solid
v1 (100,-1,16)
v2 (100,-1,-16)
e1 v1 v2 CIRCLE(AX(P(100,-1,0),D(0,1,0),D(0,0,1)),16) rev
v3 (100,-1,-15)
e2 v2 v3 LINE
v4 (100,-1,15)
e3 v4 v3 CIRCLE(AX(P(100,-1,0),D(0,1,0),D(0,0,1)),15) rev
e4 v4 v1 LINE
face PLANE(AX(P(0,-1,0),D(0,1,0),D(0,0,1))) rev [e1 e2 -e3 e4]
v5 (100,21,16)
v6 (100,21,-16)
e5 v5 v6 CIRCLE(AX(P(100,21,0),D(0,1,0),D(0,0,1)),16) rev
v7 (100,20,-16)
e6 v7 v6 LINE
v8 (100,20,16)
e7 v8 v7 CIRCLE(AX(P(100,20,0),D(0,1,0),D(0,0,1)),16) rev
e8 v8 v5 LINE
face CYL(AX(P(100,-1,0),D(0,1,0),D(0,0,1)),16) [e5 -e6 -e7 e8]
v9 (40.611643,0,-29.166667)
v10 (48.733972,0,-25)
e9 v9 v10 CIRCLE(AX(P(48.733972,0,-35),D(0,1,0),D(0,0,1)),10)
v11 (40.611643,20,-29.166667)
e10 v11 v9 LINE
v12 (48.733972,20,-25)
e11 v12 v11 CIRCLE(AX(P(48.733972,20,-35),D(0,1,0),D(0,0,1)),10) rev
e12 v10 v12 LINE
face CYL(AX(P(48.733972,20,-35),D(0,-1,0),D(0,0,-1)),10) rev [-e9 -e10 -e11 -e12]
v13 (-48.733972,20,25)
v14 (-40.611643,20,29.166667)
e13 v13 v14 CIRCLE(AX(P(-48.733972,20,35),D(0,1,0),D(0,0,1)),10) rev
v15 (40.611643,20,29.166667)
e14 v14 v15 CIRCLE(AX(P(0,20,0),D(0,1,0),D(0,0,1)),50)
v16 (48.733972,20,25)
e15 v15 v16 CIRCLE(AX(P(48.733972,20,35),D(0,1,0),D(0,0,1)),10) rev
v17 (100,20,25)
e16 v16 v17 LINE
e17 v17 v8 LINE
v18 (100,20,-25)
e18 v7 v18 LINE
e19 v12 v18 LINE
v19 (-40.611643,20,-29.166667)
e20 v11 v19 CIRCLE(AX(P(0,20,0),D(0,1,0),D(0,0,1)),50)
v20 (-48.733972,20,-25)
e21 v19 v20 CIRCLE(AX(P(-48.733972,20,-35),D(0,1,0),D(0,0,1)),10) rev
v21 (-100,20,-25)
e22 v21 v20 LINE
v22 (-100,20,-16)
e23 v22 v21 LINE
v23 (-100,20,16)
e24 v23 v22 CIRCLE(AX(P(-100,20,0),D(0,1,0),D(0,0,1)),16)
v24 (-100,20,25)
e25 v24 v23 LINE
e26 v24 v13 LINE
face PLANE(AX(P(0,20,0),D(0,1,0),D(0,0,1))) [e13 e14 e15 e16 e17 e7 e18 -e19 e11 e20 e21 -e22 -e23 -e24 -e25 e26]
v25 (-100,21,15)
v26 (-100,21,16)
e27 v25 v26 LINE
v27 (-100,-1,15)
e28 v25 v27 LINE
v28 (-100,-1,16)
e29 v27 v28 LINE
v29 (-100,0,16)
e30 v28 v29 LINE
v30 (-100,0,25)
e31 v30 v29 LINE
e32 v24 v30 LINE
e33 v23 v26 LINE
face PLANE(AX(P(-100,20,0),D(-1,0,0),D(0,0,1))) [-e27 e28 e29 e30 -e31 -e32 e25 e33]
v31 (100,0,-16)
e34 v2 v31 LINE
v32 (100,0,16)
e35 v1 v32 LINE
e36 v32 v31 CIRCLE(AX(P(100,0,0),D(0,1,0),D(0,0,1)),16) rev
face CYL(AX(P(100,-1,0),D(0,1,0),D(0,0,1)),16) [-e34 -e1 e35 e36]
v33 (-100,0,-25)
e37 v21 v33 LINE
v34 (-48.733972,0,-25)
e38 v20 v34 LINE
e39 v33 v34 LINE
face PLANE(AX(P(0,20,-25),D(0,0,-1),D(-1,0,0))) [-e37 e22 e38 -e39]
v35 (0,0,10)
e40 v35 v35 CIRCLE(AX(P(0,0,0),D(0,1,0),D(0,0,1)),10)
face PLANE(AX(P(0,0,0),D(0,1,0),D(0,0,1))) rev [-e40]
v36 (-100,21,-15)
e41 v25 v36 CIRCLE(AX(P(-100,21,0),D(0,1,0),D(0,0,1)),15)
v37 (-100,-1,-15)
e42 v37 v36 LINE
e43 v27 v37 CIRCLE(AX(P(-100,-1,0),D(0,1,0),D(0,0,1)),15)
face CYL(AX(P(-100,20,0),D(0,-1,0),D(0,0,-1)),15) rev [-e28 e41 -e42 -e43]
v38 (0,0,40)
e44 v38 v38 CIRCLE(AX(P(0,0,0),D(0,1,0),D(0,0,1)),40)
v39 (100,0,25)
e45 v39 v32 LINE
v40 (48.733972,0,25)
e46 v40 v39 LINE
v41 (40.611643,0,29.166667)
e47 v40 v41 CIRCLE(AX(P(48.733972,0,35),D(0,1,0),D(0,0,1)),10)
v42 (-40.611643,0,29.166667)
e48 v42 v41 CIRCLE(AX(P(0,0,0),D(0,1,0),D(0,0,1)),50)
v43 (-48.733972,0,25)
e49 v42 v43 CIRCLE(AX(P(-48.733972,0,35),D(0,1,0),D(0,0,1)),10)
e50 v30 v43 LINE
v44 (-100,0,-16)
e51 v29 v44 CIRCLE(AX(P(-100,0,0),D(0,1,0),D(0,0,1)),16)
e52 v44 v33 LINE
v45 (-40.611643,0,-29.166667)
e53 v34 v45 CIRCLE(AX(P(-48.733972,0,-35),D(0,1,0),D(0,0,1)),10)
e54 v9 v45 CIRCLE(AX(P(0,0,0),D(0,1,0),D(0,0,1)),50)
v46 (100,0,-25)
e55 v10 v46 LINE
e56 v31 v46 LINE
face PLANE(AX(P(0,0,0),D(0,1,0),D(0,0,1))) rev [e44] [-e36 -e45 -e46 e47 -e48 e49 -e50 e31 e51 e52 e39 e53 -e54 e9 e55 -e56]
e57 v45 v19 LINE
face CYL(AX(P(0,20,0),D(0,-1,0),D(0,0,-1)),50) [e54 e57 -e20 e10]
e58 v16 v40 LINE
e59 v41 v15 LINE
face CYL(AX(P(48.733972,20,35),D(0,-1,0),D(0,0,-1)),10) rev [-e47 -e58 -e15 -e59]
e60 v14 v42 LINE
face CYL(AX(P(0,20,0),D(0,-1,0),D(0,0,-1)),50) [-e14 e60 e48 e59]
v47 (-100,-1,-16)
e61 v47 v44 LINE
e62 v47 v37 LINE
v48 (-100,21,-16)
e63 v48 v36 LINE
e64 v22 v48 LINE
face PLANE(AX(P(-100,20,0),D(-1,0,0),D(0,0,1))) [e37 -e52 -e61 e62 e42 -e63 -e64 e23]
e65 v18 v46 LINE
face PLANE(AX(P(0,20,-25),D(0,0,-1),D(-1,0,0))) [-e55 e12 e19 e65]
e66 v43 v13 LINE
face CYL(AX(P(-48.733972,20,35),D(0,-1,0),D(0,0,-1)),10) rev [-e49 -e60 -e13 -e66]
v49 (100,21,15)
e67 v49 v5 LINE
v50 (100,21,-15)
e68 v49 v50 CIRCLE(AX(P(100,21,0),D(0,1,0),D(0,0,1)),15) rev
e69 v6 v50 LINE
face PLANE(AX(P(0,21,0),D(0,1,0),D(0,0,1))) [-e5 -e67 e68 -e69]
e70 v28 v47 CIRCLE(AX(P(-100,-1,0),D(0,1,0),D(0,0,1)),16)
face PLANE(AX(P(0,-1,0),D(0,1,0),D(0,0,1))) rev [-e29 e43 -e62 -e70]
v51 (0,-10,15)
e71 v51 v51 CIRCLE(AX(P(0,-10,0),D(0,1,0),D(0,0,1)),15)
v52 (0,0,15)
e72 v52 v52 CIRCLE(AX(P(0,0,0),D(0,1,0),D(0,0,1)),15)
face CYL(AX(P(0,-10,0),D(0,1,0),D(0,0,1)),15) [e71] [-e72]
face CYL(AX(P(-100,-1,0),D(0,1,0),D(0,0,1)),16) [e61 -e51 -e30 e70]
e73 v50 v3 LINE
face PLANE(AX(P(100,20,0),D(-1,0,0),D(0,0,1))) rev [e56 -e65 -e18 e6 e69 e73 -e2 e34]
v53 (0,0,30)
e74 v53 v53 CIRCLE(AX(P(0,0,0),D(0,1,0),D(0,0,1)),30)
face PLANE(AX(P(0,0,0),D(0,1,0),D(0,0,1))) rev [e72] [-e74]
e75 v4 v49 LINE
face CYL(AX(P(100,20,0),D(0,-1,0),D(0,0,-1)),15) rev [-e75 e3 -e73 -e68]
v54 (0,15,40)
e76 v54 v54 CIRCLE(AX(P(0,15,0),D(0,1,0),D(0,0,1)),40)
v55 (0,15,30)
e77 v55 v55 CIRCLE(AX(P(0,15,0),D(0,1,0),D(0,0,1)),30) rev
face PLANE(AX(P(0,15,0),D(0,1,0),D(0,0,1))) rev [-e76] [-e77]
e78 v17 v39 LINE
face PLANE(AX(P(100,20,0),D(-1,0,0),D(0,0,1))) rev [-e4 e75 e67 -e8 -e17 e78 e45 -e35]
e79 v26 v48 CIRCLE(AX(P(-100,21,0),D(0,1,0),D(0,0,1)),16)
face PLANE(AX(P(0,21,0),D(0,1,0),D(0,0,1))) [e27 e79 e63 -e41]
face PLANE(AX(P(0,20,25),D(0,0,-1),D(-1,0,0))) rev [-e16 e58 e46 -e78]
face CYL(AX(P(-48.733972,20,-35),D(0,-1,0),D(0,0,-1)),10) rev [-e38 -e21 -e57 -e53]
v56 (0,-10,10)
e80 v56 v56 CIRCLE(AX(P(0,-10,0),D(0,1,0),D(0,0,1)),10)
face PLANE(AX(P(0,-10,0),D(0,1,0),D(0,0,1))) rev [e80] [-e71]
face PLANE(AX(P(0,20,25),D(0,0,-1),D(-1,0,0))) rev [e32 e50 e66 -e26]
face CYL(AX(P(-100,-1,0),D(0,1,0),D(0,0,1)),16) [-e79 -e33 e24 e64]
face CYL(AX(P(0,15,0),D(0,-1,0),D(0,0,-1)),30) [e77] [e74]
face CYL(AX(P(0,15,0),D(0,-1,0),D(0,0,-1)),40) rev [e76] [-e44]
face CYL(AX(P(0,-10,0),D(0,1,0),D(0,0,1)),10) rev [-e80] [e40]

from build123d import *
from build123d.topology import SkipClean

# Parameters (mm, degrees)
EXTRUDE_1_DEPTH      = 20
FILLET_1_R           = 10
FILLET_2_R           = 10
SKETCH_3_R           = 15
CUT_EXTRUDE_1_DEPTH  = 20
EXTRUDE_2_DEPTH      = 21
EXTRUDE_2_DEPTH_BACK = 1
SKETCH_2_R           = 40
CUT_EXTRUDE_2_DEPTH  = 15
SKETCH_5_R           = 30
EXTRUDE_3_DEPTH      = 15
SKETCH_5_3_R         = 15
SKETCH_5_3_R_2       = 10
EXTRUDE_4_DEPTH      = 10


with BuildPart() as part:
    # 草图1 → 凸台-拉伸1 (new body)
    with BuildSketch(Plane(origin=(0, 0, 0), x_dir=(1, 0, 0), z_dir=(0, 1, 0))):
        with BuildLine():
            Line((-100, 25), (-100, -25))
            Line((-100, -25), (-43.301270189, -25))
            ThreePointArc((-43.301270189, -25), (0, -50), (43.301270189, -25))
            Line((43.301270189, -25), (100, -25))
            Line((100, -25), (100, 25))
            Line((100, 25), (43.301270189, 25))
            ThreePointArc((43.301270189, 25), (0, 50), (-43.301270189, 25))
            Line((-43.301270189, 25), (-100, 25))
        make_face()
    extrude(amount=EXTRUDE_1_DEPTH)

    # 圆角1
    fillet_1_edges = [part.edges().sort_by_distance(p)[0] for p in [
        (-43.301270189, 10, 25),
    ]]
    fillet(fillet_1_edges, radius=FILLET_1_R)

    # 圆角2
    fillet_2_edges = [part.edges().sort_by_distance(p)[0] for p in [
        (43.301270189, 10, 25),
        (43.301270189, 10, -25),
        (-43.301270189, 10, -25),
    ]]
    fillet(fillet_2_edges, radius=FILLET_2_R)

    # 草图3 → 切除-拉伸1 (cut)
    with BuildSketch(Plane(origin=(0, 0, 0), x_dir=(1, 0, 0), z_dir=(0, 1, 0))):
        with Locations((-100, 0)):
            Circle(SKETCH_3_R)
        with Locations((100, 0)):
            Circle(SKETCH_3_R)
    extrude(amount=CUT_EXTRUDE_1_DEPTH, mode=Mode.SUBTRACT)

    # 草图4 → 凸台-拉伸2 (add, two sides: drawn at the far end of the back side and taken through both)
    with BuildSketch(Plane(origin=(0, 0, 0), x_dir=(1, 0, 0), z_dir=(0, 1, 0)).offset(-EXTRUDE_2_DEPTH_BACK)):
        with BuildLine():
            ThreePointArc((-100, -16), (-84, 0), (-100, 16))
            Line((-100, 16), (-100, 15))
            ThreePointArc((-100, 15), (-85, 0), (-100, -15))
            Line((-100, -15), (-100, -16))
        make_face()
        with BuildLine():
            Line((100, -16), (100, -15))
            ThreePointArc((100, -15), (85, 0), (100, 15))
            Line((100, 15), (100, 16))
            ThreePointArc((100, 16), (84, 0), (100, -16))
        make_face()
    extrude(amount=EXTRUDE_2_DEPTH + EXTRUDE_2_DEPTH_BACK)

    # 草图2 → 切除-拉伸2 (cut)
    with SkipClean():  # the faces are left unmerged after this step: merging them gives an invalid solid
        with BuildSketch(Plane(origin=(0, 0, 0), x_dir=(1, 0, 0), z_dir=(0, 1, 0))):
            Circle(SKETCH_2_R)
        extrude(amount=CUT_EXTRUDE_2_DEPTH, mode=Mode.SUBTRACT)

    # 草图5 → 凸台-拉伸3 (add)
    with SkipClean():  # the faces are left unmerged after this step: merging them gives an invalid solid
        with BuildSketch(Plane(origin=(0, 0, 0), x_dir=(1, 0, 0), z_dir=(0, 1, 0))):
            Circle(SKETCH_5_R)
        extrude(amount=EXTRUDE_3_DEPTH)

    # 草图5<3> → 凸台-拉伸4 (add)
    with SkipClean():  # the faces are left unmerged after this step: merging them gives an invalid solid
        with BuildSketch(Plane(origin=(0, 0, 0), x_dir=(1, 0, 0), z_dir=(0, 1, 0))):
            Circle(SKETCH_5_3_R)
            Circle(SKETCH_5_3_R_2, mode=Mode.SUBTRACT)
        extrude(amount=-EXTRUDE_4_DEPTH)


solid = part.part
